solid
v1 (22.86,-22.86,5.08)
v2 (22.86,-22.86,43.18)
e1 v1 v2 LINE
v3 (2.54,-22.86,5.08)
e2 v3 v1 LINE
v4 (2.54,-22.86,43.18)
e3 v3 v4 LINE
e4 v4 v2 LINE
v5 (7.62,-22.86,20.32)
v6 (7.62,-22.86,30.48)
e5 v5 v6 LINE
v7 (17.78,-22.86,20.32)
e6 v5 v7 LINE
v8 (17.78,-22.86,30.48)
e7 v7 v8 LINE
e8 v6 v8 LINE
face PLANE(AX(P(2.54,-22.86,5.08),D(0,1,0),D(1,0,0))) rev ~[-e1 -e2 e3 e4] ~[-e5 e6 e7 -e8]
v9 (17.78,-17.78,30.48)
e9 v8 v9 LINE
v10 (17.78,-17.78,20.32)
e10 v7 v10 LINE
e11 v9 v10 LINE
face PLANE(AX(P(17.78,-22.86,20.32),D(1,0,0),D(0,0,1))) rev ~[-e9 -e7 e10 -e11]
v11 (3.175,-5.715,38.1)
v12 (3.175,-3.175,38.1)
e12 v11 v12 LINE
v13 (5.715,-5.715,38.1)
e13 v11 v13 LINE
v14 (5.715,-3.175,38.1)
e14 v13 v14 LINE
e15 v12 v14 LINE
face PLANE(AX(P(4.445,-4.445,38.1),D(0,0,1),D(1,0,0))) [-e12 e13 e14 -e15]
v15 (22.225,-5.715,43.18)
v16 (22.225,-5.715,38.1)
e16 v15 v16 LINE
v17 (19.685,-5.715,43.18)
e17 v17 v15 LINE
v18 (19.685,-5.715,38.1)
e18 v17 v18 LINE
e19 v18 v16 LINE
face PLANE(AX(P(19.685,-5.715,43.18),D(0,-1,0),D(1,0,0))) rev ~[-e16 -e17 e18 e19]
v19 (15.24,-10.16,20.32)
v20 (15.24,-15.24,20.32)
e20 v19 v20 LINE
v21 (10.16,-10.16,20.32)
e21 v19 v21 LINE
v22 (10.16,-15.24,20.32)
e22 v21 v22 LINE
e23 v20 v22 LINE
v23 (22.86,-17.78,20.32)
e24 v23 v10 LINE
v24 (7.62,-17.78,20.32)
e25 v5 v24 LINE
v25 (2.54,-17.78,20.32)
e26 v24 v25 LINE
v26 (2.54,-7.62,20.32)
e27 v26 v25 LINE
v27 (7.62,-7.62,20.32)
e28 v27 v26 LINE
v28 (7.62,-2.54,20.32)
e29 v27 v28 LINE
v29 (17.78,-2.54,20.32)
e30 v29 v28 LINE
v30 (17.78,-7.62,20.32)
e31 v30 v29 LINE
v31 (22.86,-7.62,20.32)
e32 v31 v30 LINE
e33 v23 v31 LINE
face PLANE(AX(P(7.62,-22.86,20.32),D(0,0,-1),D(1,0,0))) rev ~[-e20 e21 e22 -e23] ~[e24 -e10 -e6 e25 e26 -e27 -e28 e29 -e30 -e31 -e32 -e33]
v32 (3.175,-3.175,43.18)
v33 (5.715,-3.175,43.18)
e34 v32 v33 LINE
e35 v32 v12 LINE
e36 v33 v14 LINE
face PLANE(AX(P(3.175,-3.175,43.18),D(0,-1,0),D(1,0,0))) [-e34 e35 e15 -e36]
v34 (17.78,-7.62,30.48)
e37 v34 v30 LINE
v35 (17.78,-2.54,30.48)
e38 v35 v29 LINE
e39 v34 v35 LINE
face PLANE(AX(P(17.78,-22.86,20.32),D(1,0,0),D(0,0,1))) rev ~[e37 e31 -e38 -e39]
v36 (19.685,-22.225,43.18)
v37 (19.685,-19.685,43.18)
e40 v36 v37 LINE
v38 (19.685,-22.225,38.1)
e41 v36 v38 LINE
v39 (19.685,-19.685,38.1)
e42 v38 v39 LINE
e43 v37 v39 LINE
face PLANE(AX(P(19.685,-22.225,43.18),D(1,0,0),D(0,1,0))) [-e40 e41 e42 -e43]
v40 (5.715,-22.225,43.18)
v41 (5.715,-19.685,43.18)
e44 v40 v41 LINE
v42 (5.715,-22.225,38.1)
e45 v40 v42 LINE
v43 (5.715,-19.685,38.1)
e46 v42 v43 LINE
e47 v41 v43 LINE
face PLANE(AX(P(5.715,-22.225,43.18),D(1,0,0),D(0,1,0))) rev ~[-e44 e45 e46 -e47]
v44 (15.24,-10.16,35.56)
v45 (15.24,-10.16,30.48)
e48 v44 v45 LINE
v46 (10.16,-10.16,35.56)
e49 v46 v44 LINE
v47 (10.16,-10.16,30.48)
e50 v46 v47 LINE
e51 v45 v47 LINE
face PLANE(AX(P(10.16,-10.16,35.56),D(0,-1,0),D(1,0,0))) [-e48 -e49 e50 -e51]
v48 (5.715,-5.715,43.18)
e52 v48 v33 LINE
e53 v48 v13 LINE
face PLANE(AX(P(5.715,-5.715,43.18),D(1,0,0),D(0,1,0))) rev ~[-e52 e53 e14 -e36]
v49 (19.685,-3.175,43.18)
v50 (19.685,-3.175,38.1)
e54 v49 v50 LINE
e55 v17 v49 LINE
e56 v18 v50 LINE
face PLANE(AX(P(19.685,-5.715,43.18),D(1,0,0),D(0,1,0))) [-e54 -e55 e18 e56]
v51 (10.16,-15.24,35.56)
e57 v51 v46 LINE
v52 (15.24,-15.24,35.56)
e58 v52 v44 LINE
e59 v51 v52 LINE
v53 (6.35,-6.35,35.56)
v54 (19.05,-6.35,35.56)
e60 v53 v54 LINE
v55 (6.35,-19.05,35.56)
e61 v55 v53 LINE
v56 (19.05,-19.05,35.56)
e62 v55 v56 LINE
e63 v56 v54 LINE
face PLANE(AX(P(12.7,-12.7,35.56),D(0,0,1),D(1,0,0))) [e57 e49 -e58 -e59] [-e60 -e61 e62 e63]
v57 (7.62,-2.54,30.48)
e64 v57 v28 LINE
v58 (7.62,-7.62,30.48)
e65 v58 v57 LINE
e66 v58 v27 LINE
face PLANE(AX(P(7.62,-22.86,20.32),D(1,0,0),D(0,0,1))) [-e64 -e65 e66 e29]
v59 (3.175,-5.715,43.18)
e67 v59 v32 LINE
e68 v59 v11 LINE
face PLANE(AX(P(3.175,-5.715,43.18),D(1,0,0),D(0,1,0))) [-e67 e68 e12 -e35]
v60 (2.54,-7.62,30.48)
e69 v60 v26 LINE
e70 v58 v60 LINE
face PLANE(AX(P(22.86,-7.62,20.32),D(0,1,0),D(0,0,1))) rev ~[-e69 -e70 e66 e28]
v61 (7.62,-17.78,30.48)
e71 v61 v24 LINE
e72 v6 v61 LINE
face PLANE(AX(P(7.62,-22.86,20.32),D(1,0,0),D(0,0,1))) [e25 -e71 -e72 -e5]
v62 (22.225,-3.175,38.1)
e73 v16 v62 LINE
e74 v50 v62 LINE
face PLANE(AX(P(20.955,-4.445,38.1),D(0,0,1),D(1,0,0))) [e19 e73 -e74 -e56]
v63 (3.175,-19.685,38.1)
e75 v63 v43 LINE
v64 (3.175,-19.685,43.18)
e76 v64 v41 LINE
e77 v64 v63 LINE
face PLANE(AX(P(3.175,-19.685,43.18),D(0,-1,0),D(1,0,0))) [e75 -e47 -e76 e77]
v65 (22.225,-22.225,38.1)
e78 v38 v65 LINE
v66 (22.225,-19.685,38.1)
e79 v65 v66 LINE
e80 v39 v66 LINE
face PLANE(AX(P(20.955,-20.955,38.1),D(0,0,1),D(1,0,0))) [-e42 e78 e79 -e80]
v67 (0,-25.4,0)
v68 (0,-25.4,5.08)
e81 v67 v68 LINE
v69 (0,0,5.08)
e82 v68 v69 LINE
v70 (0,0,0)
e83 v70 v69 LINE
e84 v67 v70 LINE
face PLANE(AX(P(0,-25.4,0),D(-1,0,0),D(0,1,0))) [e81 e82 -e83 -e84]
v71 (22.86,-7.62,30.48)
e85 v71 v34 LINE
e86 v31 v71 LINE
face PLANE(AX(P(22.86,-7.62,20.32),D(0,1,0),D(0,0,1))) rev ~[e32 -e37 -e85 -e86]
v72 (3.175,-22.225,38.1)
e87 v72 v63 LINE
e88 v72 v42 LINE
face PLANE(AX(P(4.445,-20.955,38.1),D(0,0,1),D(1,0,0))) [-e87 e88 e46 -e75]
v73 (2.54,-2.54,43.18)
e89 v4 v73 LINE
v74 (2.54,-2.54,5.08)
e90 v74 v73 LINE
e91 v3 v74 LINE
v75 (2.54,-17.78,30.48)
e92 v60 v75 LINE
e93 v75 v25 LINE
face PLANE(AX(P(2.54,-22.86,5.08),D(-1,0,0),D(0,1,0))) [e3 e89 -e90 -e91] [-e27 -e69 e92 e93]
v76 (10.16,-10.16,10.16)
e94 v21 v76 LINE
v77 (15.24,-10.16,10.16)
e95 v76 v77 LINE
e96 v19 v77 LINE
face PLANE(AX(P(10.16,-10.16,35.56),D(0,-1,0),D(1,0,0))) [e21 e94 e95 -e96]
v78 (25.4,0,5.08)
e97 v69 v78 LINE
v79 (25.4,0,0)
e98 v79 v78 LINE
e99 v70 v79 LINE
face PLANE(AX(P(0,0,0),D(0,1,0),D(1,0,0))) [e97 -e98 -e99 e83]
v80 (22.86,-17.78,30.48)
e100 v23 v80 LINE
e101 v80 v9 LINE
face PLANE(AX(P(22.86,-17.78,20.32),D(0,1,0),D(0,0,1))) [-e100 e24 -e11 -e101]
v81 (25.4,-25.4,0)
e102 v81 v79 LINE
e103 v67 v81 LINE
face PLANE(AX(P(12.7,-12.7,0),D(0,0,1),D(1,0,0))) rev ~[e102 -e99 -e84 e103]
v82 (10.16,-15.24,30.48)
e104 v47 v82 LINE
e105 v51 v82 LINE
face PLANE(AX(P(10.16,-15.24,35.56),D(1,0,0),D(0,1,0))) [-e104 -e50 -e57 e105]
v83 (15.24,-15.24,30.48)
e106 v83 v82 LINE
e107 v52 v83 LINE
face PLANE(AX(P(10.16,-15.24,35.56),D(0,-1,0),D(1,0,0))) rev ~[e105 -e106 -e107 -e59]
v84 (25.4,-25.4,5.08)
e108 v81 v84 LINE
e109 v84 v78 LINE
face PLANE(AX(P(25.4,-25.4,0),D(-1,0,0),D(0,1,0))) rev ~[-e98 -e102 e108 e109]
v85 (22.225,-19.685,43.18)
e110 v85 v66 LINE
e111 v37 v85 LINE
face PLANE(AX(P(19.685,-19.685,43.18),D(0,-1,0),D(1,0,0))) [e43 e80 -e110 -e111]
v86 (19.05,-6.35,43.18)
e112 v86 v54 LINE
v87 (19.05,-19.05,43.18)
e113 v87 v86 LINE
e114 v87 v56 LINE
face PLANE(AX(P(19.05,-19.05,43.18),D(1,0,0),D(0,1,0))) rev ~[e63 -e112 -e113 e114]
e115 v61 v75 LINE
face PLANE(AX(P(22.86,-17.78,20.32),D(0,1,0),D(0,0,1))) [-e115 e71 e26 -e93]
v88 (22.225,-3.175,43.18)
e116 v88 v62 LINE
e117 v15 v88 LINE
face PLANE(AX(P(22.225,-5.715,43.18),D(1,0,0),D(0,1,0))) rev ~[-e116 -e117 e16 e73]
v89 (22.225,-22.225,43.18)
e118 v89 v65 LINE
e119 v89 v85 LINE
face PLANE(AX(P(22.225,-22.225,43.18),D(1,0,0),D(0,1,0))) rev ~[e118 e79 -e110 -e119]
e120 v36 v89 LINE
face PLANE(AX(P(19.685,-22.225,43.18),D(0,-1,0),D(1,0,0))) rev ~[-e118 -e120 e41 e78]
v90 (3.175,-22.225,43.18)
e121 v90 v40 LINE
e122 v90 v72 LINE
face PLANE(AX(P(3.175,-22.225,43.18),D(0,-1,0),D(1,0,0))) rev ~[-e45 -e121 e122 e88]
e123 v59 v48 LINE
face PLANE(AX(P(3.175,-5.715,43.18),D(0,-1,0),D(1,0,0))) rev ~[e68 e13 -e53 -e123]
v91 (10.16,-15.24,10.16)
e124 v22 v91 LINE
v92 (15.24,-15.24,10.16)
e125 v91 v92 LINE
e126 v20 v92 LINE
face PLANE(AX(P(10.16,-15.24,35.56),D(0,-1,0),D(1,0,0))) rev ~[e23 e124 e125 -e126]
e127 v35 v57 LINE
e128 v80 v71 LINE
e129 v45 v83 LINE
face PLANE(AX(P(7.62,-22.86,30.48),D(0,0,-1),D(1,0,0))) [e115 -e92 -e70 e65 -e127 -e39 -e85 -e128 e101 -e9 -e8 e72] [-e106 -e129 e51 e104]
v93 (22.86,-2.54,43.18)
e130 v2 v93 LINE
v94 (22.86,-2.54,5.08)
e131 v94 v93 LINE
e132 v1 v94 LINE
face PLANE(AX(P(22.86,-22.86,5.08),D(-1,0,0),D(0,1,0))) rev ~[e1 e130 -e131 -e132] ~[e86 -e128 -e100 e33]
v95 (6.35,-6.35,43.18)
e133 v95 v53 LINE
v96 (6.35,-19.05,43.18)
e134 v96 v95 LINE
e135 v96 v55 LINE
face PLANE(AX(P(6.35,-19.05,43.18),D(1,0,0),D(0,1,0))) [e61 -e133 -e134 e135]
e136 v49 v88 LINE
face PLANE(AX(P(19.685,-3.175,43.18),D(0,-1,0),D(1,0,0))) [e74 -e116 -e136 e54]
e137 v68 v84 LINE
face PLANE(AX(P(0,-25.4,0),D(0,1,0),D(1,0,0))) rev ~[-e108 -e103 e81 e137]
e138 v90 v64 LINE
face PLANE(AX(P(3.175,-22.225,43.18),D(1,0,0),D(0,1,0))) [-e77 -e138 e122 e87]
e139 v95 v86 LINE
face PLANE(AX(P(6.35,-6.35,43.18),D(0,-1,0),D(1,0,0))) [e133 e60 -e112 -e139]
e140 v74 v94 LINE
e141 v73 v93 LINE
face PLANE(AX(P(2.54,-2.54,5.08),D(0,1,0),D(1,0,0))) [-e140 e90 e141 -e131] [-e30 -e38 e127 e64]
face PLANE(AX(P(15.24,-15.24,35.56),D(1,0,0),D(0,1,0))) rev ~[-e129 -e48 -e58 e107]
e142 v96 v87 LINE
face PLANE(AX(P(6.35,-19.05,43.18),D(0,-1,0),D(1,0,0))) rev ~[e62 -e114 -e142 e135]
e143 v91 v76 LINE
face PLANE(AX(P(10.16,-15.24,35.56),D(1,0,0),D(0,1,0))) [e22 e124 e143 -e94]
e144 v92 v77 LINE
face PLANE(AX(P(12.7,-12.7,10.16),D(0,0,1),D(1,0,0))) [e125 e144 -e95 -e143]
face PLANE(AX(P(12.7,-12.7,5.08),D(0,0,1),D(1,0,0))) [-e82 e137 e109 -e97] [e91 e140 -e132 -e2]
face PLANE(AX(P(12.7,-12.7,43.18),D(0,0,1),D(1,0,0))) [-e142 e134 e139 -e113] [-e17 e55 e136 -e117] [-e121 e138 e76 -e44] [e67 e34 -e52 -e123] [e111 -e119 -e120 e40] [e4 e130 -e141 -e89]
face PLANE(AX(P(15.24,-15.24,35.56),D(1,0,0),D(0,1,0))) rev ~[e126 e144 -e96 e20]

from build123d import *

# Parameters (mm, degrees)
F0_W      = 25.4
F0_H      = 25.4
F1_DEPTH  = 5.08
F2_W      = 20.32
F2_H      = 20.32
F3_DEPTH  = 38.1
F4_W      = 12.7
F4_H      = 12.7
F5_DEPTH  = 7.62
F6_W      = 10.16
F6_H      = 10.16
F7_DEPTH  = 25.4
F8_W      = 5.08
F8_H      = 5.08
F9_DEPTH  = 25.4
F10_W     = 10.16
F10_H     = 10.16
F11_DEPTH = 25.4
F12_W     = 2.54
F12_H     = 2.54
F13_DEPTH = 5.08


with BuildPart() as f1:
    # F0 (on Top) → F1 (new body)
    with BuildSketch(Plane.XY):
        with Locations((12.7, -12.7)):
            Rectangle(F0_W, F0_H)
    extrude(amount=F1_DEPTH)

    # F2 (on face) → F3 (join)
    with BuildSketch(Plane.XY.offset(5.08)):
        with Locations((12.7, -12.7)):
            Rectangle(F2_W, F2_H)
    extrude(amount=F3_DEPTH)

    # F4 (on face) → F5 (cut)
    with BuildSketch(Plane.XY.offset(43.18)):
        with Locations((12.7, -12.7)):
            Rectangle(F4_W, F4_H)
    extrude(amount=-F5_DEPTH, mode=Mode.SUBTRACT)

    # F6 (on face) → F7 (cut)
    with BuildSketch(Plane.YZ.offset(22.86)):
        with Locations((-12.7, 25.4)):
            Rectangle(F6_W, F6_H)
    extrude(amount=-F7_DEPTH, mode=Mode.SUBTRACT)

    # F8 (on face) → F9 (cut)
    with BuildSketch(Plane.XY.offset(35.56)):
        with Locations((12.7, -12.7)):
            Rectangle(F8_W, F8_H)
    extrude(amount=-F9_DEPTH, mode=Mode.SUBTRACT)

    # F10 (on face) → F11 (cut)
    with BuildSketch(Plane.XZ.offset(22.86)):
        with Locations((12.7, 25.4)):
            Rectangle(F10_W, F10_H)
    extrude(amount=-F11_DEPTH, mode=Mode.SUBTRACT)

    # F12 (on face) → F13 (cut)
    with BuildSketch(Plane.XY.offset(43.18)):
        with Locations((20.955, -4.445)):
            Rectangle(F12_W, F12_H)
        with Locations((4.445, -4.445)):
            Rectangle(F12_W, F12_H)
        with Locations((4.445, -20.955)):
            Rectangle(F12_W, F12_H)
        with Locations((20.955, -20.955)):
            Rectangle(F12_W, F12_H)
    extrude(amount=-F13_DEPTH, mode=Mode.SUBTRACT)


solid = f1.part
